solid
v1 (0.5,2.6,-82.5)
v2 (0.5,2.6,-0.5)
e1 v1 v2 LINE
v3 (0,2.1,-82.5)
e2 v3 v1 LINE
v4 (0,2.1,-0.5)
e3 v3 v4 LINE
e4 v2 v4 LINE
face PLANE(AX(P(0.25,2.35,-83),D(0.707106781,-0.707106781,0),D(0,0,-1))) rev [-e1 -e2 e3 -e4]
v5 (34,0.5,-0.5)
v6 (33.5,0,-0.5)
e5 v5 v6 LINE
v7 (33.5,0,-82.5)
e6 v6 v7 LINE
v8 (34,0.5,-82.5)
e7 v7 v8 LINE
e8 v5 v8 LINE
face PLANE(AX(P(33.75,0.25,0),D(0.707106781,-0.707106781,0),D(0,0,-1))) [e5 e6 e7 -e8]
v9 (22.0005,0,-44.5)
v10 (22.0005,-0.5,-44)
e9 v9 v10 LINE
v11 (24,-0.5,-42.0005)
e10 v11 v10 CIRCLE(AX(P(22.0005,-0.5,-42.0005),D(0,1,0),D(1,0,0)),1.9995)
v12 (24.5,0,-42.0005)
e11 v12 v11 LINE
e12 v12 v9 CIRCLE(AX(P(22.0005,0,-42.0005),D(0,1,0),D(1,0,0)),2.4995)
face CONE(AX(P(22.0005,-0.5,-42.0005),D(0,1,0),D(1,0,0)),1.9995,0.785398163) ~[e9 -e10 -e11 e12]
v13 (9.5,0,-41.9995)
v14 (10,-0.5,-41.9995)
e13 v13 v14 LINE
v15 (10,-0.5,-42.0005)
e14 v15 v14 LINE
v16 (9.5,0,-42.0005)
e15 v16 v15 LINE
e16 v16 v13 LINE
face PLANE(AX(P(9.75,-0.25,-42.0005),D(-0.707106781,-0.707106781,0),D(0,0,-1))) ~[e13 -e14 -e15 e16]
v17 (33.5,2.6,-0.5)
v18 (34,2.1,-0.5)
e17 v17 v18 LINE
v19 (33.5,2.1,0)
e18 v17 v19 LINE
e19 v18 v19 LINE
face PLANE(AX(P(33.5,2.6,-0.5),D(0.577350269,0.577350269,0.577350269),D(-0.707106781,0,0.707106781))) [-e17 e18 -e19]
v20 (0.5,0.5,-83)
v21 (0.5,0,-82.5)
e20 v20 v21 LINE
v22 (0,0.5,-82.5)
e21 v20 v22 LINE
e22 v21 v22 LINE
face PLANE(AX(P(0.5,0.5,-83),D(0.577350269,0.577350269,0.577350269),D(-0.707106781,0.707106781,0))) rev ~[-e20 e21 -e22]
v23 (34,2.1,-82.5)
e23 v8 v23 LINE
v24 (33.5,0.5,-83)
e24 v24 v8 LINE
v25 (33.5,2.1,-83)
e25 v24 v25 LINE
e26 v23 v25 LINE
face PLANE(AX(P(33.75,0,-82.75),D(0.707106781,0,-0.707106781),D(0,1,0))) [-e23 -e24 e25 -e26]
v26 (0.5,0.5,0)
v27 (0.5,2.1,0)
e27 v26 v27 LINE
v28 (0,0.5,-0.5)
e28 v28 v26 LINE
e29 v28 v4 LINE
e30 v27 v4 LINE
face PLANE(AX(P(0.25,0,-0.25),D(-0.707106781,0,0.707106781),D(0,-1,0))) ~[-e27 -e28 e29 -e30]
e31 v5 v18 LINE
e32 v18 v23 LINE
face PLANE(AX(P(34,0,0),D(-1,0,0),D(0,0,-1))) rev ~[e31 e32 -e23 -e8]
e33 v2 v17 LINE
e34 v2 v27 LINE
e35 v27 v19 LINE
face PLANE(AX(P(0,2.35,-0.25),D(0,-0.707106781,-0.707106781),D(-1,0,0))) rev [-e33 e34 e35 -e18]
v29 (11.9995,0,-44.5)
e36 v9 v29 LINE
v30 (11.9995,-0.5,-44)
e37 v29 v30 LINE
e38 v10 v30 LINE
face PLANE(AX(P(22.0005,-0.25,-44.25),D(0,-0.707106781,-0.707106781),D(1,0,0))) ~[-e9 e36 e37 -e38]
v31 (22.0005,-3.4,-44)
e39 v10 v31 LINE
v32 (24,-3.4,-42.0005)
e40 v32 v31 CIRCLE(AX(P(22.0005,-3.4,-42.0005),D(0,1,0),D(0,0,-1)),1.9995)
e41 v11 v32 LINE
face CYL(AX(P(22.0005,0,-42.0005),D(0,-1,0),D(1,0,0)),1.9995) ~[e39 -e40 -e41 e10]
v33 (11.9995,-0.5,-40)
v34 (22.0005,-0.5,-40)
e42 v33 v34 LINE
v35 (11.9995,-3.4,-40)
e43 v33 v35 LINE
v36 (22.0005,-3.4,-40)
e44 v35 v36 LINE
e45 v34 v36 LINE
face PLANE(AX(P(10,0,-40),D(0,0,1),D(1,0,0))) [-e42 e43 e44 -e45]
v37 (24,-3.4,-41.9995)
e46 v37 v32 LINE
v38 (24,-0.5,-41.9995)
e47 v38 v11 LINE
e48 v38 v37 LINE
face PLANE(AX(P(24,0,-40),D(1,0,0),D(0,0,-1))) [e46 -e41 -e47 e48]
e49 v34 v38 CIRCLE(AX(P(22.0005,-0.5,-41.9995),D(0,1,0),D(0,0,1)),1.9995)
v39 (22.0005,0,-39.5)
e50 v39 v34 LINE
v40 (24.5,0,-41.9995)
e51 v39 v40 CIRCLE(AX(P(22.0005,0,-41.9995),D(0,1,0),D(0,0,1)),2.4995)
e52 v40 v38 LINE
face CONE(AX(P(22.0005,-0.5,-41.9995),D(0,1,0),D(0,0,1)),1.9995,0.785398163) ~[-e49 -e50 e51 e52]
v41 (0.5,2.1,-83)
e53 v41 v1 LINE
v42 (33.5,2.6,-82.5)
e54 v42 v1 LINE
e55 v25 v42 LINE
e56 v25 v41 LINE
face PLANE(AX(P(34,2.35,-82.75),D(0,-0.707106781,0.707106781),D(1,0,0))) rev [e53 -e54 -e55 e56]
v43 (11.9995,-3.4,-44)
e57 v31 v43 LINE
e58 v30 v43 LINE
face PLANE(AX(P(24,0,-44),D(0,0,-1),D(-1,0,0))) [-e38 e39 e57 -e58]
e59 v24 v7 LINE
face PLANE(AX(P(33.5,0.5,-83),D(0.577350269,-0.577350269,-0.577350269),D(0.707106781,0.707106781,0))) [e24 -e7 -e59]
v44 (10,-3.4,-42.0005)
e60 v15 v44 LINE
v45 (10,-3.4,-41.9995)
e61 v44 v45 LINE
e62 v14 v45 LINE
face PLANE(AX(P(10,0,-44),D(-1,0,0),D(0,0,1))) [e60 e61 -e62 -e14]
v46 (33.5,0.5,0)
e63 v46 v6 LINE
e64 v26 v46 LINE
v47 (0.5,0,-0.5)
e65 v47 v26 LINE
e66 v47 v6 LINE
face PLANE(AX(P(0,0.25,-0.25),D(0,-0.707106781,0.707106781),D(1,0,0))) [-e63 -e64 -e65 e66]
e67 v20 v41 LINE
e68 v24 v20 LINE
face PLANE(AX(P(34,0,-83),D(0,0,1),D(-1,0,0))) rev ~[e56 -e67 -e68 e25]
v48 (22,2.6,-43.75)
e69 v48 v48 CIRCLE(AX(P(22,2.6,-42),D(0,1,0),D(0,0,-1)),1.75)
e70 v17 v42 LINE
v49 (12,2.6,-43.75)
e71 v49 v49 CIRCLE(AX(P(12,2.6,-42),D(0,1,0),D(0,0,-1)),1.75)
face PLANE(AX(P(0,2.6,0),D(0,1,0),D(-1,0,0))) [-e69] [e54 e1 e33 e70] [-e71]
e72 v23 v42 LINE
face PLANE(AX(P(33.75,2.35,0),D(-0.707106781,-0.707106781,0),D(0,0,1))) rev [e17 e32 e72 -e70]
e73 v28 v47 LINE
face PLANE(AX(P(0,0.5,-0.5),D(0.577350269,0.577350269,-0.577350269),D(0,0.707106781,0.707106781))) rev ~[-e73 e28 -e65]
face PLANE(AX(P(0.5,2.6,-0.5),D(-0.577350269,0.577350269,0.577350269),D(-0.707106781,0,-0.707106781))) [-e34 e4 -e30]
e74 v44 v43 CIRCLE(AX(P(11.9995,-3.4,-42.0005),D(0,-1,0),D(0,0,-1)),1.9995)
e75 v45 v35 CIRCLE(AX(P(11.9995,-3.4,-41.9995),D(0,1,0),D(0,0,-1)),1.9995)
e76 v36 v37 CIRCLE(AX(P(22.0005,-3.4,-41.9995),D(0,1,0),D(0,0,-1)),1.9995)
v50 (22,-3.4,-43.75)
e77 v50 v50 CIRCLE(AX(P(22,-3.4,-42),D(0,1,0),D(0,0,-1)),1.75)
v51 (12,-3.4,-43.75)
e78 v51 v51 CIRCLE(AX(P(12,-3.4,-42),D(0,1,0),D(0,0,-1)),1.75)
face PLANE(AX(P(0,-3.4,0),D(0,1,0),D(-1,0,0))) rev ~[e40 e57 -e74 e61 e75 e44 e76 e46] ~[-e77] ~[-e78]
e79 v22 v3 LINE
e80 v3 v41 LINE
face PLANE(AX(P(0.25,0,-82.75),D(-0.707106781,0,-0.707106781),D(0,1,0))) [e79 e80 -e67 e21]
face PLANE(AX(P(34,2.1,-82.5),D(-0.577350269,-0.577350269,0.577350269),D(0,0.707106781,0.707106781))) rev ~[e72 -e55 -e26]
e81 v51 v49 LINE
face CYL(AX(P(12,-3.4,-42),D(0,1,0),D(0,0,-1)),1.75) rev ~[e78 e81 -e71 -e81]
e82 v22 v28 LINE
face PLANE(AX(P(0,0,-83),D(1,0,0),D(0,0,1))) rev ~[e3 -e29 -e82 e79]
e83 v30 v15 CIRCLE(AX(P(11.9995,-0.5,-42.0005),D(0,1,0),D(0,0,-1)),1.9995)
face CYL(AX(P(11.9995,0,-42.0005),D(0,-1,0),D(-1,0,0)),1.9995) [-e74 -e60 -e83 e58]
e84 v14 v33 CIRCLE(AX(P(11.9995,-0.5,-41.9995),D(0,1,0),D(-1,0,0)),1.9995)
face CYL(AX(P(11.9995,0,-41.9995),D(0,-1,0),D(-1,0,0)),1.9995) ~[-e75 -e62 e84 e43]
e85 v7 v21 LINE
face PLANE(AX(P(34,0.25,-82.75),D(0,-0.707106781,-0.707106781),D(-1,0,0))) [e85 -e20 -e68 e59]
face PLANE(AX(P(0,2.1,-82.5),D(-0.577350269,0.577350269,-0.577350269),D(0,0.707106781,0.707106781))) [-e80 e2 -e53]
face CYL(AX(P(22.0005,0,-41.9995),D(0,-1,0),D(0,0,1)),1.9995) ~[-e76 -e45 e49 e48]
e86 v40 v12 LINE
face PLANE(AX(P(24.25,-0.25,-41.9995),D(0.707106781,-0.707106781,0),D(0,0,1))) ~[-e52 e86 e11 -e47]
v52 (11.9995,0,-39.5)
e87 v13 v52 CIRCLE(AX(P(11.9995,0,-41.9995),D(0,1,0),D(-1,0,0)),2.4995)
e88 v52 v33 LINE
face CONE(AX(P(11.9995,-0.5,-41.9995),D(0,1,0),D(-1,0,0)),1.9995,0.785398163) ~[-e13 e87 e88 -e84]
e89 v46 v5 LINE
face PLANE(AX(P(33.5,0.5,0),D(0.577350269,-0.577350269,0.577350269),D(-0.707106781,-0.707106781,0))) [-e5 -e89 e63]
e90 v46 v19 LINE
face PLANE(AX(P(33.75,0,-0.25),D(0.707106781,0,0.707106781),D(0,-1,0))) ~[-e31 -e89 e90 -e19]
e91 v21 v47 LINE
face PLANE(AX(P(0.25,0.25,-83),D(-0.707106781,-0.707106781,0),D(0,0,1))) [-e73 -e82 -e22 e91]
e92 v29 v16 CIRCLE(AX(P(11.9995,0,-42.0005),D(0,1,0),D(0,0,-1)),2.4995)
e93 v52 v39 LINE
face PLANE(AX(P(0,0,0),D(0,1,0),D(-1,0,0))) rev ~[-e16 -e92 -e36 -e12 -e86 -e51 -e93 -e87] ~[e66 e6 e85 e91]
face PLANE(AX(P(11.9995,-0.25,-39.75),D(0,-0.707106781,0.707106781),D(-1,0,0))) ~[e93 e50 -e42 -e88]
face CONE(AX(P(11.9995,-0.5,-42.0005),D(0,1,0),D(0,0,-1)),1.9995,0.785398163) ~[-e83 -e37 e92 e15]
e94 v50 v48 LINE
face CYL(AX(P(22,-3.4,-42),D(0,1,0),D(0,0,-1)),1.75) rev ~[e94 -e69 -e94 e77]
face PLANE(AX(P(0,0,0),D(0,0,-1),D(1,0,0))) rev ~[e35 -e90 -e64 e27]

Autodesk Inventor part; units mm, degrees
ref_plane "YZ Plane" through (0, 0, 0) normal (1, 0, 0) x (0, 1, 0)
ref_plane "XZ Plane" through (0, 0, 0) normal (0, 1, 0) x (-1, 0, 0)
ref_plane "XY Plane" through (0, 0, 0) normal (0, 0, 1) x (1, 0, 0)
sketch "Sketch1" plane through (0, 0, 0) normal (0, 1, 0) x (-1, 0, 0)
  line L0 (0, 0) -> (-34, 0)
  line L1 (-34, 0) -> (-34, -83)
  line L2 (-34, -83) -> (0, -83)
  line L3 (0, -83) -> (0, 0)
  line L4 (-10, -40) -> (-24, -40)
  line L5 (-24, -40) -> (-24, -44)
  line L6 (-24, -44) -> (-10, -44)
  line L7 (-10, -44) -> (-10, -40)
  line L8 (-17, 0) -> (-17, -40) construction
  line L9 (-10, -44) -> (-14, -40) construction
  line L10 (-24, -44) -> (-20, -40) construction
  point P0 (-22, -42)
  point P1 (-12, -42)
  dimension "d0" = 34
  dimension "d1" = 83
  dimension "d2" = 14
  dimension "d3" = 4
  dimension "d4" = 43
  dimension "d12" = 45
extrude "Extrusion1" add sketch "Sketch1" along normal blind 2.6 contours L3 L2 L1 L0 | L7 L6 L5 L4
extrude "Extrusion2" add sketch "Sketch1" against normal blind 3.4 contours L7 L6 L5 L4
sketch "Sketch2" plane through (0, -3.4, 0) normal (0, -1, 0) x (1, 0, 0)
  point P0 (0, 0)
  point P1 (22, -42)
  point P2 (12, -42)
hole "Hole1" at (22, -3.4, -42) at (12, -3.4, -42) direction (0, 1, 0) diameter 3.5 depth 8
fillet "Fillet1" radius 2 4 edges at (24, -1.7, -40) (24, -1.7, -44) (10, -1.7, -40) (10, -1.7, -44)
chamfer "Chamfer1" distance 0.5 angle 45 16 edges at (34, 0, -41.5) (34, 1.3, 0) (17, 0, 0) (0, 0, -41.5) (17, 0, -83) (17, 2.6, -83) (0, 1.3, -83) (34, 1.3, -83) (0, 1.3, 0) (10.5856, 0, -40.5856) (17, 0, -44) (23.4144, 0, -40.5856) (17, 0, -40) (34, 2.6, -41.5) (17, 2.6, 0) (0, 2.6, -41.5)
properties part number "Game-Piece-Funnel-Pusher-Plate"
